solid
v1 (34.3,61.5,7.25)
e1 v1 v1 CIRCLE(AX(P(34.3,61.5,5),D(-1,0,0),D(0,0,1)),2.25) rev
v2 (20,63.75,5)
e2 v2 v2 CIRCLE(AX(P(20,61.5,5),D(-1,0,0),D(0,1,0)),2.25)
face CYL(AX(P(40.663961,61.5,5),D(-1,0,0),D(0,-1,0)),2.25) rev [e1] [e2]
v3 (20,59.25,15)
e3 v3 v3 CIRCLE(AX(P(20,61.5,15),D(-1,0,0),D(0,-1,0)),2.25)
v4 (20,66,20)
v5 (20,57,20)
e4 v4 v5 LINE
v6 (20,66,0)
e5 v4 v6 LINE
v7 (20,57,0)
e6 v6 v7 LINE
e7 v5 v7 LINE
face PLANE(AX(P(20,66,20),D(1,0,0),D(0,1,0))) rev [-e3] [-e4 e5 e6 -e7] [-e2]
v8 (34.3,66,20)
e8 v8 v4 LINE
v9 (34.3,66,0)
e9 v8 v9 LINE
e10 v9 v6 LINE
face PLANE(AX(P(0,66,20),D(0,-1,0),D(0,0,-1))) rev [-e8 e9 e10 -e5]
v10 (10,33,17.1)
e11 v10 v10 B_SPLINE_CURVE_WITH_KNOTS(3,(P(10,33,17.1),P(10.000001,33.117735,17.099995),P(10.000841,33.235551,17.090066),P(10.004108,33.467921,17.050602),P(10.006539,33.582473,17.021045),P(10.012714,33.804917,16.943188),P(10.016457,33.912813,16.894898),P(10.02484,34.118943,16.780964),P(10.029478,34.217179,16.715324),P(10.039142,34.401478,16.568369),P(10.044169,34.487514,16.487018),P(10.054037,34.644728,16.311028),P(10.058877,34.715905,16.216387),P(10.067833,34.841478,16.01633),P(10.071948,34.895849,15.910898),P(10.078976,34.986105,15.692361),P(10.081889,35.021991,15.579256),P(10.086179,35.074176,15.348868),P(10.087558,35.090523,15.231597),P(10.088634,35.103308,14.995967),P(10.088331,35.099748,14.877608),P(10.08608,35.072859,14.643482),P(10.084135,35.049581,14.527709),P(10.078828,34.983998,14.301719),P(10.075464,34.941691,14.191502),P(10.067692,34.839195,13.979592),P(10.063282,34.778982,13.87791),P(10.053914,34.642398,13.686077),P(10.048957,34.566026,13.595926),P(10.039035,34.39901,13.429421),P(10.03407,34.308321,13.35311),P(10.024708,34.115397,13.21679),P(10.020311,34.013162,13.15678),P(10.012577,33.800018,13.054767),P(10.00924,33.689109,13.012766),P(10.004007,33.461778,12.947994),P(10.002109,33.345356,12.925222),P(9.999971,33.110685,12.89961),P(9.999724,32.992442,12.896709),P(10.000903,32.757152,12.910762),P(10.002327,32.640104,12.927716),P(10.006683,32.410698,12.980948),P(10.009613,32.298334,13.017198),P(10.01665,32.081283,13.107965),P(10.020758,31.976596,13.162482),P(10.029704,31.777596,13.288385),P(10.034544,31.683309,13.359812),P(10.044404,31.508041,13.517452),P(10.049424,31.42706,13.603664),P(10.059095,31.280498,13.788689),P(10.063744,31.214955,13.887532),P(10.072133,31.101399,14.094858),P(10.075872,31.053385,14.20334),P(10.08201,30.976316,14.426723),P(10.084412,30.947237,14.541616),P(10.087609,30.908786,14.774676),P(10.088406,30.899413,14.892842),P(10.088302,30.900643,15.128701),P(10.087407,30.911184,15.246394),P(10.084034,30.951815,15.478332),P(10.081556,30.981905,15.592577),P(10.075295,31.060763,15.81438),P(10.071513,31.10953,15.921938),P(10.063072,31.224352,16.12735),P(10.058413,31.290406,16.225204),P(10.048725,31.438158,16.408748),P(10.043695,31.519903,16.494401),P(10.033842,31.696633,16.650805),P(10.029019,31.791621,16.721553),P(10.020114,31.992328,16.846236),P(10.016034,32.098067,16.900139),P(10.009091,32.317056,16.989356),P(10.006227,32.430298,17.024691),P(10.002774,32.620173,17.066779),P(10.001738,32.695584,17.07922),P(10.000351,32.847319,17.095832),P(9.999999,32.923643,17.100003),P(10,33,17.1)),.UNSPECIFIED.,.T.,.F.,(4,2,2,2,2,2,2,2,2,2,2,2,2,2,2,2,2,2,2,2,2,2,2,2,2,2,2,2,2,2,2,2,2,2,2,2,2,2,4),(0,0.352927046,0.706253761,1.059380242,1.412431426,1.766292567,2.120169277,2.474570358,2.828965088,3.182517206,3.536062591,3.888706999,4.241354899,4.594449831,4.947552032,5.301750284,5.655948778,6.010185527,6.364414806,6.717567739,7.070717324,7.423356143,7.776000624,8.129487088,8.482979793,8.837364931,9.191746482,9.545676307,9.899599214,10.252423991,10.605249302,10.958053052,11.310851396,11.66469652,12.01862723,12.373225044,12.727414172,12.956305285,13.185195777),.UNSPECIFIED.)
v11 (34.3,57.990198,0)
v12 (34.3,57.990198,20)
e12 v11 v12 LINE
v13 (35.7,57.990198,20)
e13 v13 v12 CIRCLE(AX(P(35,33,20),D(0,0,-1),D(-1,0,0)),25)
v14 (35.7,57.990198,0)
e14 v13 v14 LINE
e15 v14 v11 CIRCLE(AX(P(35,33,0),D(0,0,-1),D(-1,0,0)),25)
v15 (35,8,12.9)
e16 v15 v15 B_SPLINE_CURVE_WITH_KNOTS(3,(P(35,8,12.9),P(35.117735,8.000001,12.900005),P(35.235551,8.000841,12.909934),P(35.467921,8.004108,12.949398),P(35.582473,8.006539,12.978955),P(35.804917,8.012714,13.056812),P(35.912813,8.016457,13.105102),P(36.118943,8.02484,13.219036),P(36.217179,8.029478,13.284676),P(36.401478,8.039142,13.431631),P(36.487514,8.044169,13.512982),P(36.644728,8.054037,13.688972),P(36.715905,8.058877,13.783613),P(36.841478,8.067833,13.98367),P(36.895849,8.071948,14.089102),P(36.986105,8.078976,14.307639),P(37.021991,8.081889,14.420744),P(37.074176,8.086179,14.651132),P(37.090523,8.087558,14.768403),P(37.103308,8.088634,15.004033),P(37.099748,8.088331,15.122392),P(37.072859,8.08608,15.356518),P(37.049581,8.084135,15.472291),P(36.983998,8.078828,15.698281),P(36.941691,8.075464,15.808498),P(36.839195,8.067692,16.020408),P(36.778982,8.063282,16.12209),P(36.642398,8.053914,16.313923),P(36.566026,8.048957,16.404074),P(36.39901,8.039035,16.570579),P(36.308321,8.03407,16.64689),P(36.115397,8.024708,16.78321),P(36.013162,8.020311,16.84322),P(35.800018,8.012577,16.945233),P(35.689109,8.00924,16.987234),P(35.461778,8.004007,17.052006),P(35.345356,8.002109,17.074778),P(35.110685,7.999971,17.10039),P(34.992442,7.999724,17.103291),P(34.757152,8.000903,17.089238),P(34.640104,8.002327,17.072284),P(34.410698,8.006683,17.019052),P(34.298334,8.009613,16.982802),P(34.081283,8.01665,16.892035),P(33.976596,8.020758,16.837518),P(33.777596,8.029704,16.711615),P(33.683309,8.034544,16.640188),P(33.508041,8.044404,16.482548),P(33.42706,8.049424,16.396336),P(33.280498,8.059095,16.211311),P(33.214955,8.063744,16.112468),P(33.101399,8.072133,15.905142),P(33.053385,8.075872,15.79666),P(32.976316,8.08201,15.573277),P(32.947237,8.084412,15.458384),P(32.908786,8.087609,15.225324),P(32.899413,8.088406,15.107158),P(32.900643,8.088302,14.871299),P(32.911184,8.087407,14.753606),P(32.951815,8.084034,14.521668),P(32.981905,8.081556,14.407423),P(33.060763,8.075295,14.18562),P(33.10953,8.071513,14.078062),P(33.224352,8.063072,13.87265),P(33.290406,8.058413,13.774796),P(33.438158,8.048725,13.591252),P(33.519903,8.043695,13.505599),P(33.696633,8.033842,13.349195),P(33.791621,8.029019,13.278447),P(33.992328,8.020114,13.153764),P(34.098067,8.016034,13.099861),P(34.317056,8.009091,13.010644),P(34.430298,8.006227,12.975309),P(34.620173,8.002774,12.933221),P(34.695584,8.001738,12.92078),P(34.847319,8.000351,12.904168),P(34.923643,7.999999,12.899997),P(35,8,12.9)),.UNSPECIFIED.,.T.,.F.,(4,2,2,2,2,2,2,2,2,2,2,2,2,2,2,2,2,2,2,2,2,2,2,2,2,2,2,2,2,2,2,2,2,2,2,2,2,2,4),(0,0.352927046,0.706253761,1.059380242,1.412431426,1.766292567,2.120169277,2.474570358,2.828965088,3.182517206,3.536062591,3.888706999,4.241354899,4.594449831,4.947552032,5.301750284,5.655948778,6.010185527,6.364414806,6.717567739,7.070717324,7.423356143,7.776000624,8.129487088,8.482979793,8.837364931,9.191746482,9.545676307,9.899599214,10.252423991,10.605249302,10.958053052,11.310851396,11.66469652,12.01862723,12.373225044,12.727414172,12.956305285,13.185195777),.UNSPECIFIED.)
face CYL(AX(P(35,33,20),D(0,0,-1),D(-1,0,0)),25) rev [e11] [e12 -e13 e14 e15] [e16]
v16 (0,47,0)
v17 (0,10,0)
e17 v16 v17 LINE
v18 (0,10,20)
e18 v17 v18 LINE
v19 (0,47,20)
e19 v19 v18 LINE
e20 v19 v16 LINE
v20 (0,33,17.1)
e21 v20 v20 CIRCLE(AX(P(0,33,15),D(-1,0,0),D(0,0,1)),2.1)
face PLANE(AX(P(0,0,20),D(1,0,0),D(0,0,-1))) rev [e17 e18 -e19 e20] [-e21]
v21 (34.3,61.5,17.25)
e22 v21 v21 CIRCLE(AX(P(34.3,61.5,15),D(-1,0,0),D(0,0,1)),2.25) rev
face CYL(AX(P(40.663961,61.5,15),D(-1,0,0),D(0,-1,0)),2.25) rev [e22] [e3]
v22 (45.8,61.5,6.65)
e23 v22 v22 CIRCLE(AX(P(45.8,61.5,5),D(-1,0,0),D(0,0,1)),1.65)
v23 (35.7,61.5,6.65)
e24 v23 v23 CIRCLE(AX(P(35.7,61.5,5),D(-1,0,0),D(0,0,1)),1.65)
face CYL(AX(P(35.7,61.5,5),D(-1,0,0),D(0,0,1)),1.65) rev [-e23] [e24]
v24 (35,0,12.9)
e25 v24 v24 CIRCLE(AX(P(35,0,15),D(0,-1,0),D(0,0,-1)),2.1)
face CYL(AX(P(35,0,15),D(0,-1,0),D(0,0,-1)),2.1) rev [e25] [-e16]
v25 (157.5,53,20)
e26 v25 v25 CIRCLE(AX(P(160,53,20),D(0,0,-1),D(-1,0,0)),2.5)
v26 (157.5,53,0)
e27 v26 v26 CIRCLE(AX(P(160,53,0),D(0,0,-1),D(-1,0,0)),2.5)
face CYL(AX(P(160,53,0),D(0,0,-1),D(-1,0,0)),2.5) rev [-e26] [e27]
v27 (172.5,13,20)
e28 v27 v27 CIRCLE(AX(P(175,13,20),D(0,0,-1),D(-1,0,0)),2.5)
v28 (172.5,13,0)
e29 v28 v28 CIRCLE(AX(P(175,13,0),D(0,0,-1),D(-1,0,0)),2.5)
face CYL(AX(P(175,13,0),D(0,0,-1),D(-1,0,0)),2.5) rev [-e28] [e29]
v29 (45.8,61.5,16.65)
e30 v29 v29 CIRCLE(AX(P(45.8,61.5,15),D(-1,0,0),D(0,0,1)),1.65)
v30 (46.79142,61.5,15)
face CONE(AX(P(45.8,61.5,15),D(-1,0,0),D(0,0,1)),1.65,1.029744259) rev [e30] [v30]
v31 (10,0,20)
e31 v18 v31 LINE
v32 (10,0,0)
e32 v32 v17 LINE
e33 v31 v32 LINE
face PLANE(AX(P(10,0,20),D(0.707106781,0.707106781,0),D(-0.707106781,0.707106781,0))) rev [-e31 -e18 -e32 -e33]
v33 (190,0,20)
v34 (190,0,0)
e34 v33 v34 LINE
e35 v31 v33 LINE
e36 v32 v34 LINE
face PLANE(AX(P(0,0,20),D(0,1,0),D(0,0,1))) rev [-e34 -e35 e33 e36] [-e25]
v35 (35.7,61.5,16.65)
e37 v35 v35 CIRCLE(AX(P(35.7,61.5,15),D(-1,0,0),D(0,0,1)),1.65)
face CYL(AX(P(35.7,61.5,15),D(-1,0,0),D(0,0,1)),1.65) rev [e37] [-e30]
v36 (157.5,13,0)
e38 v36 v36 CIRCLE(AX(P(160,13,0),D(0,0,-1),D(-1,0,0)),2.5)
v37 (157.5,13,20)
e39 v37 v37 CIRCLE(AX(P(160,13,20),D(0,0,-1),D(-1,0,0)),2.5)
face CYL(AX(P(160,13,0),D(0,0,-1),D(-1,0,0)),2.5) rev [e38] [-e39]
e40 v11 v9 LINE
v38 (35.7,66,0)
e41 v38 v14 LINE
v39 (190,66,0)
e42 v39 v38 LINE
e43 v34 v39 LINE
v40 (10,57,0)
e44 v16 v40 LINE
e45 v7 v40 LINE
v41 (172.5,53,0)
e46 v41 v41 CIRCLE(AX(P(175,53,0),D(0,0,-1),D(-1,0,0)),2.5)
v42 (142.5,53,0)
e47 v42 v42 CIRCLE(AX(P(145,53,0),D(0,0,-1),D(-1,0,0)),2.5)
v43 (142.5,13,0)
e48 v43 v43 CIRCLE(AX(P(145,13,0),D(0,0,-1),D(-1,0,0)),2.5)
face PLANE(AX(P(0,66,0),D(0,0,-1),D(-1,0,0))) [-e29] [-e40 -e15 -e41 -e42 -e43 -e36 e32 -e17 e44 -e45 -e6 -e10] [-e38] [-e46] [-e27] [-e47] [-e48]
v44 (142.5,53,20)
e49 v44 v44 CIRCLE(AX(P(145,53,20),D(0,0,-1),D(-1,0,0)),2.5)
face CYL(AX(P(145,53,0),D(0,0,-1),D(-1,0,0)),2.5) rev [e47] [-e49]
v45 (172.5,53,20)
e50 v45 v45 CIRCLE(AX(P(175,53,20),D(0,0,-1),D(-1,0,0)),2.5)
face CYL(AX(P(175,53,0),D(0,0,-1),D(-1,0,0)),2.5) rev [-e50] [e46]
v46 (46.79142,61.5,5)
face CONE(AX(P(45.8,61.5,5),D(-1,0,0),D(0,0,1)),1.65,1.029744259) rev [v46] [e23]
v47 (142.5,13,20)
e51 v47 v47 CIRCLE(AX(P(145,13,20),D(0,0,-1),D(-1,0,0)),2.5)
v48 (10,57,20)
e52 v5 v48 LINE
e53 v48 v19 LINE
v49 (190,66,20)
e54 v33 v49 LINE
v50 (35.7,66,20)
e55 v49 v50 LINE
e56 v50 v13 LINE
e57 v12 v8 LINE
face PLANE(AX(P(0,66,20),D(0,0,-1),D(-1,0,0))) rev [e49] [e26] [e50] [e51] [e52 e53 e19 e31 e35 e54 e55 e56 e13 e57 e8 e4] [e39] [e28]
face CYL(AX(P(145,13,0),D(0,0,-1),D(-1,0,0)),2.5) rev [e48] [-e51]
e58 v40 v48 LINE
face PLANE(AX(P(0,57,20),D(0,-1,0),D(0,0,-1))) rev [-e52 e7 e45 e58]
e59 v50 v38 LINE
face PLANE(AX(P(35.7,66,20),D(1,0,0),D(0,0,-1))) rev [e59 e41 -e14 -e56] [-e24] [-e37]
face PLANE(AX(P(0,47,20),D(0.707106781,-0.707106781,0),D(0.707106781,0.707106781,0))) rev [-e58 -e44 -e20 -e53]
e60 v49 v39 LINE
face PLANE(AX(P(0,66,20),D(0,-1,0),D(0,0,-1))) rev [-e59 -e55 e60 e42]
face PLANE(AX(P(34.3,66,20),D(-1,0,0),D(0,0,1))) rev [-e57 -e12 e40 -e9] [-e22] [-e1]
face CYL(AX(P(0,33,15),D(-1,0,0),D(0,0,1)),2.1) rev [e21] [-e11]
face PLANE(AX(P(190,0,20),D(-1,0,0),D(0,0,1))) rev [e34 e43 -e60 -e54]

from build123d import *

# Parameters (mm, degrees)
SKETCH_1_W              = 190
SKETCH_1_H              = 66
EXTRUDE_1_DEPTH         = 20
SKETCH_2_R              = 25
CUT_EXTRUDE_1_DEPTH     = 203.12867189
SKETCH_3_W              = 20
SKETCH_3_H              = 9
CUT_EXTRUDE_2_DEPTH     = 203.12867189
SKETCH_4_W              = 1.4
SKETCH_4_H              = 16.93413418
CUT_EXTRUDE_3_DEPTH     = 203.12867189
CHAMFER_1_SIZE          = 10
SKETCH_5_R              = 2.25
CUT_EXTRUDE_4_DEPTH     = 14.3
HOLE_WIZARD_M4_1_D      = 3.3
HOLE_WIZARD_M4_1_DEPTH  = 10.1
HOLE_WIZARD_M4_1_TIP    = 0.991420021
HOLE_WIZARD_M5_1_REACH  = 204.129
HOLE_WIZARD_M5_1_BORE_R = 2.1
HOLE_WIZARD_M5_2_D      = 4.2
HOLE_WIZARD_M5_2_DEPTH  = 12.4
HOLE_WIZARD_M5_2_TIP    = 1.2618073
CHAMFER_2_SIZE          = 10
HOLE_WIZARD_M6_1_D      = 5
PATTERN_LINEAR_1_COUNT  = 3
PATTERN_LINEAR_1_PITCH  = 15


with BuildPart() as part:
    # 草图1 → 凸台-拉伸1 (new body)
    with BuildSketch(Plane.XY):
        with Locations((95, 33)):
            Rectangle(SKETCH_1_W, SKETCH_1_H)
    extrude(amount=EXTRUDE_1_DEPTH)

    # 草图2 → 切除-拉伸1 (cut, through all)
    with BuildSketch(Plane(origin=(0, 0, 0), x_dir=(-1, 0, 0), z_dir=(0, 0, -1))):
        with Locations((-35, 33)):
            Circle(SKETCH_2_R)
    extrude(amount=-CUT_EXTRUDE_1_DEPTH, mode=Mode.SUBTRACT)

    # 草图3 → 切除-拉伸2 (cut, through all)
    with BuildSketch(Plane(origin=(0, 0, 0), x_dir=(-1, 0, 0), z_dir=(0, 0, -1))):
        with Locations((-10, 61.5)):
            Rectangle(SKETCH_3_W, SKETCH_3_H)
    extrude(amount=-CUT_EXTRUDE_2_DEPTH, mode=Mode.SUBTRACT)

    # 草图4 → 切除-拉伸3 (cut, through all)
    with BuildSketch(Plane(origin=(0, 0, 0), x_dir=(-1, 0, 0), z_dir=(0, 0, -1))):
        with Locations((-35, 57.53293291)):
            Rectangle(SKETCH_4_W, SKETCH_4_H)
    extrude(amount=-CUT_EXTRUDE_3_DEPTH, mode=Mode.SUBTRACT)

    # 倒角1
    chamfer_1_edges = [part.edges().sort_by_distance(p)[0] for p in [
        (0, 57, 10),
    ]]
    chamfer(chamfer_1_edges, length=CHAMFER_1_SIZE)

    # 草图5 → 切除-拉伸4 (cut)
    with BuildSketch(Plane.ZY.offset(-20)):
        with Locations(Location((15, 61.5, 0), (0, 0, 270))):
            Circle(SKETCH_5_R)
        with Locations((5, 61.5)):
            Circle(SKETCH_5_R)
    extrude(amount=-CUT_EXTRUDE_4_DEPTH, mode=Mode.SUBTRACT)

    # M4 螺纹孔1
    with Locations(Plane.ZY.offset(-35.7)):
        with Locations((15, 61.5), (5, 61.5)):
            Hole(HOLE_WIZARD_M4_1_D / 2, depth=HOLE_WIZARD_M4_1_DEPTH)
            with Locations((0, 0, -(HOLE_WIZARD_M4_1_DEPTH + HOLE_WIZARD_M4_1_TIP / 2))):  # 118° drill point
                Cone(0, HOLE_WIZARD_M4_1_D / 2, HOLE_WIZARD_M4_1_TIP, mode=Mode.SUBTRACT)

    # M5 螺纹孔1 bore → M5 螺纹孔1 (cut, up to next)
    with BuildSketch(Plane.ZY, mode=Mode.PRIVATE) as hole_wizard_m5_1_sk1:
        with Locations((15, 33)):
            Circle(HOLE_WIZARD_M5_1_BORE_R)
    hole_wizard_m5_1_tool1 = extrude(hole_wizard_m5_1_sk1.sketch, amount=-HOLE_WIZARD_M5_1_REACH, mode=Mode.PRIVATE) & part.part
    add(hole_wizard_m5_1_tool1.solids().sort_by_distance((0, 33, 15))[0], mode=Mode.SUBTRACT)

    # M5 螺纹孔2
    with Locations(Plane.XZ):
        with Locations((35, 15)):
            Hole(HOLE_WIZARD_M5_2_D / 2, depth=HOLE_WIZARD_M5_2_DEPTH)
            with Locations((0, 0, -(HOLE_WIZARD_M5_2_DEPTH + HOLE_WIZARD_M5_2_TIP / 2))):  # 118° drill point
                Cone(0, HOLE_WIZARD_M5_2_D / 2, HOLE_WIZARD_M5_2_TIP, mode=Mode.SUBTRACT)

    # 倒角2
    chamfer_2_edges = [part.edges().sort_by_distance(p)[0] for p in [
        (0, 0, 10),
    ]]
    chamfer(chamfer_2_edges, length=CHAMFER_2_SIZE)

    # M6 螺纹孔1 (through all)
    with Locations(Plane(origin=(0, 0, 0), x_dir=(-1, 0, 0), z_dir=(0, 0, -1))):
        with Locations((-175, 53), (-175, 13)):
            hole_wizard_m6_1 = Hole(HOLE_WIZARD_M6_1_D / 2)

    # 阵列(线性)1: M6 螺纹孔1 ×3
    with Locations(*[(-i * PATTERN_LINEAR_1_PITCH, 0, 0) for i in range(1, PATTERN_LINEAR_1_COUNT)]):
        add(hole_wizard_m6_1, mode=Mode.SUBTRACT)


solid = part.part
